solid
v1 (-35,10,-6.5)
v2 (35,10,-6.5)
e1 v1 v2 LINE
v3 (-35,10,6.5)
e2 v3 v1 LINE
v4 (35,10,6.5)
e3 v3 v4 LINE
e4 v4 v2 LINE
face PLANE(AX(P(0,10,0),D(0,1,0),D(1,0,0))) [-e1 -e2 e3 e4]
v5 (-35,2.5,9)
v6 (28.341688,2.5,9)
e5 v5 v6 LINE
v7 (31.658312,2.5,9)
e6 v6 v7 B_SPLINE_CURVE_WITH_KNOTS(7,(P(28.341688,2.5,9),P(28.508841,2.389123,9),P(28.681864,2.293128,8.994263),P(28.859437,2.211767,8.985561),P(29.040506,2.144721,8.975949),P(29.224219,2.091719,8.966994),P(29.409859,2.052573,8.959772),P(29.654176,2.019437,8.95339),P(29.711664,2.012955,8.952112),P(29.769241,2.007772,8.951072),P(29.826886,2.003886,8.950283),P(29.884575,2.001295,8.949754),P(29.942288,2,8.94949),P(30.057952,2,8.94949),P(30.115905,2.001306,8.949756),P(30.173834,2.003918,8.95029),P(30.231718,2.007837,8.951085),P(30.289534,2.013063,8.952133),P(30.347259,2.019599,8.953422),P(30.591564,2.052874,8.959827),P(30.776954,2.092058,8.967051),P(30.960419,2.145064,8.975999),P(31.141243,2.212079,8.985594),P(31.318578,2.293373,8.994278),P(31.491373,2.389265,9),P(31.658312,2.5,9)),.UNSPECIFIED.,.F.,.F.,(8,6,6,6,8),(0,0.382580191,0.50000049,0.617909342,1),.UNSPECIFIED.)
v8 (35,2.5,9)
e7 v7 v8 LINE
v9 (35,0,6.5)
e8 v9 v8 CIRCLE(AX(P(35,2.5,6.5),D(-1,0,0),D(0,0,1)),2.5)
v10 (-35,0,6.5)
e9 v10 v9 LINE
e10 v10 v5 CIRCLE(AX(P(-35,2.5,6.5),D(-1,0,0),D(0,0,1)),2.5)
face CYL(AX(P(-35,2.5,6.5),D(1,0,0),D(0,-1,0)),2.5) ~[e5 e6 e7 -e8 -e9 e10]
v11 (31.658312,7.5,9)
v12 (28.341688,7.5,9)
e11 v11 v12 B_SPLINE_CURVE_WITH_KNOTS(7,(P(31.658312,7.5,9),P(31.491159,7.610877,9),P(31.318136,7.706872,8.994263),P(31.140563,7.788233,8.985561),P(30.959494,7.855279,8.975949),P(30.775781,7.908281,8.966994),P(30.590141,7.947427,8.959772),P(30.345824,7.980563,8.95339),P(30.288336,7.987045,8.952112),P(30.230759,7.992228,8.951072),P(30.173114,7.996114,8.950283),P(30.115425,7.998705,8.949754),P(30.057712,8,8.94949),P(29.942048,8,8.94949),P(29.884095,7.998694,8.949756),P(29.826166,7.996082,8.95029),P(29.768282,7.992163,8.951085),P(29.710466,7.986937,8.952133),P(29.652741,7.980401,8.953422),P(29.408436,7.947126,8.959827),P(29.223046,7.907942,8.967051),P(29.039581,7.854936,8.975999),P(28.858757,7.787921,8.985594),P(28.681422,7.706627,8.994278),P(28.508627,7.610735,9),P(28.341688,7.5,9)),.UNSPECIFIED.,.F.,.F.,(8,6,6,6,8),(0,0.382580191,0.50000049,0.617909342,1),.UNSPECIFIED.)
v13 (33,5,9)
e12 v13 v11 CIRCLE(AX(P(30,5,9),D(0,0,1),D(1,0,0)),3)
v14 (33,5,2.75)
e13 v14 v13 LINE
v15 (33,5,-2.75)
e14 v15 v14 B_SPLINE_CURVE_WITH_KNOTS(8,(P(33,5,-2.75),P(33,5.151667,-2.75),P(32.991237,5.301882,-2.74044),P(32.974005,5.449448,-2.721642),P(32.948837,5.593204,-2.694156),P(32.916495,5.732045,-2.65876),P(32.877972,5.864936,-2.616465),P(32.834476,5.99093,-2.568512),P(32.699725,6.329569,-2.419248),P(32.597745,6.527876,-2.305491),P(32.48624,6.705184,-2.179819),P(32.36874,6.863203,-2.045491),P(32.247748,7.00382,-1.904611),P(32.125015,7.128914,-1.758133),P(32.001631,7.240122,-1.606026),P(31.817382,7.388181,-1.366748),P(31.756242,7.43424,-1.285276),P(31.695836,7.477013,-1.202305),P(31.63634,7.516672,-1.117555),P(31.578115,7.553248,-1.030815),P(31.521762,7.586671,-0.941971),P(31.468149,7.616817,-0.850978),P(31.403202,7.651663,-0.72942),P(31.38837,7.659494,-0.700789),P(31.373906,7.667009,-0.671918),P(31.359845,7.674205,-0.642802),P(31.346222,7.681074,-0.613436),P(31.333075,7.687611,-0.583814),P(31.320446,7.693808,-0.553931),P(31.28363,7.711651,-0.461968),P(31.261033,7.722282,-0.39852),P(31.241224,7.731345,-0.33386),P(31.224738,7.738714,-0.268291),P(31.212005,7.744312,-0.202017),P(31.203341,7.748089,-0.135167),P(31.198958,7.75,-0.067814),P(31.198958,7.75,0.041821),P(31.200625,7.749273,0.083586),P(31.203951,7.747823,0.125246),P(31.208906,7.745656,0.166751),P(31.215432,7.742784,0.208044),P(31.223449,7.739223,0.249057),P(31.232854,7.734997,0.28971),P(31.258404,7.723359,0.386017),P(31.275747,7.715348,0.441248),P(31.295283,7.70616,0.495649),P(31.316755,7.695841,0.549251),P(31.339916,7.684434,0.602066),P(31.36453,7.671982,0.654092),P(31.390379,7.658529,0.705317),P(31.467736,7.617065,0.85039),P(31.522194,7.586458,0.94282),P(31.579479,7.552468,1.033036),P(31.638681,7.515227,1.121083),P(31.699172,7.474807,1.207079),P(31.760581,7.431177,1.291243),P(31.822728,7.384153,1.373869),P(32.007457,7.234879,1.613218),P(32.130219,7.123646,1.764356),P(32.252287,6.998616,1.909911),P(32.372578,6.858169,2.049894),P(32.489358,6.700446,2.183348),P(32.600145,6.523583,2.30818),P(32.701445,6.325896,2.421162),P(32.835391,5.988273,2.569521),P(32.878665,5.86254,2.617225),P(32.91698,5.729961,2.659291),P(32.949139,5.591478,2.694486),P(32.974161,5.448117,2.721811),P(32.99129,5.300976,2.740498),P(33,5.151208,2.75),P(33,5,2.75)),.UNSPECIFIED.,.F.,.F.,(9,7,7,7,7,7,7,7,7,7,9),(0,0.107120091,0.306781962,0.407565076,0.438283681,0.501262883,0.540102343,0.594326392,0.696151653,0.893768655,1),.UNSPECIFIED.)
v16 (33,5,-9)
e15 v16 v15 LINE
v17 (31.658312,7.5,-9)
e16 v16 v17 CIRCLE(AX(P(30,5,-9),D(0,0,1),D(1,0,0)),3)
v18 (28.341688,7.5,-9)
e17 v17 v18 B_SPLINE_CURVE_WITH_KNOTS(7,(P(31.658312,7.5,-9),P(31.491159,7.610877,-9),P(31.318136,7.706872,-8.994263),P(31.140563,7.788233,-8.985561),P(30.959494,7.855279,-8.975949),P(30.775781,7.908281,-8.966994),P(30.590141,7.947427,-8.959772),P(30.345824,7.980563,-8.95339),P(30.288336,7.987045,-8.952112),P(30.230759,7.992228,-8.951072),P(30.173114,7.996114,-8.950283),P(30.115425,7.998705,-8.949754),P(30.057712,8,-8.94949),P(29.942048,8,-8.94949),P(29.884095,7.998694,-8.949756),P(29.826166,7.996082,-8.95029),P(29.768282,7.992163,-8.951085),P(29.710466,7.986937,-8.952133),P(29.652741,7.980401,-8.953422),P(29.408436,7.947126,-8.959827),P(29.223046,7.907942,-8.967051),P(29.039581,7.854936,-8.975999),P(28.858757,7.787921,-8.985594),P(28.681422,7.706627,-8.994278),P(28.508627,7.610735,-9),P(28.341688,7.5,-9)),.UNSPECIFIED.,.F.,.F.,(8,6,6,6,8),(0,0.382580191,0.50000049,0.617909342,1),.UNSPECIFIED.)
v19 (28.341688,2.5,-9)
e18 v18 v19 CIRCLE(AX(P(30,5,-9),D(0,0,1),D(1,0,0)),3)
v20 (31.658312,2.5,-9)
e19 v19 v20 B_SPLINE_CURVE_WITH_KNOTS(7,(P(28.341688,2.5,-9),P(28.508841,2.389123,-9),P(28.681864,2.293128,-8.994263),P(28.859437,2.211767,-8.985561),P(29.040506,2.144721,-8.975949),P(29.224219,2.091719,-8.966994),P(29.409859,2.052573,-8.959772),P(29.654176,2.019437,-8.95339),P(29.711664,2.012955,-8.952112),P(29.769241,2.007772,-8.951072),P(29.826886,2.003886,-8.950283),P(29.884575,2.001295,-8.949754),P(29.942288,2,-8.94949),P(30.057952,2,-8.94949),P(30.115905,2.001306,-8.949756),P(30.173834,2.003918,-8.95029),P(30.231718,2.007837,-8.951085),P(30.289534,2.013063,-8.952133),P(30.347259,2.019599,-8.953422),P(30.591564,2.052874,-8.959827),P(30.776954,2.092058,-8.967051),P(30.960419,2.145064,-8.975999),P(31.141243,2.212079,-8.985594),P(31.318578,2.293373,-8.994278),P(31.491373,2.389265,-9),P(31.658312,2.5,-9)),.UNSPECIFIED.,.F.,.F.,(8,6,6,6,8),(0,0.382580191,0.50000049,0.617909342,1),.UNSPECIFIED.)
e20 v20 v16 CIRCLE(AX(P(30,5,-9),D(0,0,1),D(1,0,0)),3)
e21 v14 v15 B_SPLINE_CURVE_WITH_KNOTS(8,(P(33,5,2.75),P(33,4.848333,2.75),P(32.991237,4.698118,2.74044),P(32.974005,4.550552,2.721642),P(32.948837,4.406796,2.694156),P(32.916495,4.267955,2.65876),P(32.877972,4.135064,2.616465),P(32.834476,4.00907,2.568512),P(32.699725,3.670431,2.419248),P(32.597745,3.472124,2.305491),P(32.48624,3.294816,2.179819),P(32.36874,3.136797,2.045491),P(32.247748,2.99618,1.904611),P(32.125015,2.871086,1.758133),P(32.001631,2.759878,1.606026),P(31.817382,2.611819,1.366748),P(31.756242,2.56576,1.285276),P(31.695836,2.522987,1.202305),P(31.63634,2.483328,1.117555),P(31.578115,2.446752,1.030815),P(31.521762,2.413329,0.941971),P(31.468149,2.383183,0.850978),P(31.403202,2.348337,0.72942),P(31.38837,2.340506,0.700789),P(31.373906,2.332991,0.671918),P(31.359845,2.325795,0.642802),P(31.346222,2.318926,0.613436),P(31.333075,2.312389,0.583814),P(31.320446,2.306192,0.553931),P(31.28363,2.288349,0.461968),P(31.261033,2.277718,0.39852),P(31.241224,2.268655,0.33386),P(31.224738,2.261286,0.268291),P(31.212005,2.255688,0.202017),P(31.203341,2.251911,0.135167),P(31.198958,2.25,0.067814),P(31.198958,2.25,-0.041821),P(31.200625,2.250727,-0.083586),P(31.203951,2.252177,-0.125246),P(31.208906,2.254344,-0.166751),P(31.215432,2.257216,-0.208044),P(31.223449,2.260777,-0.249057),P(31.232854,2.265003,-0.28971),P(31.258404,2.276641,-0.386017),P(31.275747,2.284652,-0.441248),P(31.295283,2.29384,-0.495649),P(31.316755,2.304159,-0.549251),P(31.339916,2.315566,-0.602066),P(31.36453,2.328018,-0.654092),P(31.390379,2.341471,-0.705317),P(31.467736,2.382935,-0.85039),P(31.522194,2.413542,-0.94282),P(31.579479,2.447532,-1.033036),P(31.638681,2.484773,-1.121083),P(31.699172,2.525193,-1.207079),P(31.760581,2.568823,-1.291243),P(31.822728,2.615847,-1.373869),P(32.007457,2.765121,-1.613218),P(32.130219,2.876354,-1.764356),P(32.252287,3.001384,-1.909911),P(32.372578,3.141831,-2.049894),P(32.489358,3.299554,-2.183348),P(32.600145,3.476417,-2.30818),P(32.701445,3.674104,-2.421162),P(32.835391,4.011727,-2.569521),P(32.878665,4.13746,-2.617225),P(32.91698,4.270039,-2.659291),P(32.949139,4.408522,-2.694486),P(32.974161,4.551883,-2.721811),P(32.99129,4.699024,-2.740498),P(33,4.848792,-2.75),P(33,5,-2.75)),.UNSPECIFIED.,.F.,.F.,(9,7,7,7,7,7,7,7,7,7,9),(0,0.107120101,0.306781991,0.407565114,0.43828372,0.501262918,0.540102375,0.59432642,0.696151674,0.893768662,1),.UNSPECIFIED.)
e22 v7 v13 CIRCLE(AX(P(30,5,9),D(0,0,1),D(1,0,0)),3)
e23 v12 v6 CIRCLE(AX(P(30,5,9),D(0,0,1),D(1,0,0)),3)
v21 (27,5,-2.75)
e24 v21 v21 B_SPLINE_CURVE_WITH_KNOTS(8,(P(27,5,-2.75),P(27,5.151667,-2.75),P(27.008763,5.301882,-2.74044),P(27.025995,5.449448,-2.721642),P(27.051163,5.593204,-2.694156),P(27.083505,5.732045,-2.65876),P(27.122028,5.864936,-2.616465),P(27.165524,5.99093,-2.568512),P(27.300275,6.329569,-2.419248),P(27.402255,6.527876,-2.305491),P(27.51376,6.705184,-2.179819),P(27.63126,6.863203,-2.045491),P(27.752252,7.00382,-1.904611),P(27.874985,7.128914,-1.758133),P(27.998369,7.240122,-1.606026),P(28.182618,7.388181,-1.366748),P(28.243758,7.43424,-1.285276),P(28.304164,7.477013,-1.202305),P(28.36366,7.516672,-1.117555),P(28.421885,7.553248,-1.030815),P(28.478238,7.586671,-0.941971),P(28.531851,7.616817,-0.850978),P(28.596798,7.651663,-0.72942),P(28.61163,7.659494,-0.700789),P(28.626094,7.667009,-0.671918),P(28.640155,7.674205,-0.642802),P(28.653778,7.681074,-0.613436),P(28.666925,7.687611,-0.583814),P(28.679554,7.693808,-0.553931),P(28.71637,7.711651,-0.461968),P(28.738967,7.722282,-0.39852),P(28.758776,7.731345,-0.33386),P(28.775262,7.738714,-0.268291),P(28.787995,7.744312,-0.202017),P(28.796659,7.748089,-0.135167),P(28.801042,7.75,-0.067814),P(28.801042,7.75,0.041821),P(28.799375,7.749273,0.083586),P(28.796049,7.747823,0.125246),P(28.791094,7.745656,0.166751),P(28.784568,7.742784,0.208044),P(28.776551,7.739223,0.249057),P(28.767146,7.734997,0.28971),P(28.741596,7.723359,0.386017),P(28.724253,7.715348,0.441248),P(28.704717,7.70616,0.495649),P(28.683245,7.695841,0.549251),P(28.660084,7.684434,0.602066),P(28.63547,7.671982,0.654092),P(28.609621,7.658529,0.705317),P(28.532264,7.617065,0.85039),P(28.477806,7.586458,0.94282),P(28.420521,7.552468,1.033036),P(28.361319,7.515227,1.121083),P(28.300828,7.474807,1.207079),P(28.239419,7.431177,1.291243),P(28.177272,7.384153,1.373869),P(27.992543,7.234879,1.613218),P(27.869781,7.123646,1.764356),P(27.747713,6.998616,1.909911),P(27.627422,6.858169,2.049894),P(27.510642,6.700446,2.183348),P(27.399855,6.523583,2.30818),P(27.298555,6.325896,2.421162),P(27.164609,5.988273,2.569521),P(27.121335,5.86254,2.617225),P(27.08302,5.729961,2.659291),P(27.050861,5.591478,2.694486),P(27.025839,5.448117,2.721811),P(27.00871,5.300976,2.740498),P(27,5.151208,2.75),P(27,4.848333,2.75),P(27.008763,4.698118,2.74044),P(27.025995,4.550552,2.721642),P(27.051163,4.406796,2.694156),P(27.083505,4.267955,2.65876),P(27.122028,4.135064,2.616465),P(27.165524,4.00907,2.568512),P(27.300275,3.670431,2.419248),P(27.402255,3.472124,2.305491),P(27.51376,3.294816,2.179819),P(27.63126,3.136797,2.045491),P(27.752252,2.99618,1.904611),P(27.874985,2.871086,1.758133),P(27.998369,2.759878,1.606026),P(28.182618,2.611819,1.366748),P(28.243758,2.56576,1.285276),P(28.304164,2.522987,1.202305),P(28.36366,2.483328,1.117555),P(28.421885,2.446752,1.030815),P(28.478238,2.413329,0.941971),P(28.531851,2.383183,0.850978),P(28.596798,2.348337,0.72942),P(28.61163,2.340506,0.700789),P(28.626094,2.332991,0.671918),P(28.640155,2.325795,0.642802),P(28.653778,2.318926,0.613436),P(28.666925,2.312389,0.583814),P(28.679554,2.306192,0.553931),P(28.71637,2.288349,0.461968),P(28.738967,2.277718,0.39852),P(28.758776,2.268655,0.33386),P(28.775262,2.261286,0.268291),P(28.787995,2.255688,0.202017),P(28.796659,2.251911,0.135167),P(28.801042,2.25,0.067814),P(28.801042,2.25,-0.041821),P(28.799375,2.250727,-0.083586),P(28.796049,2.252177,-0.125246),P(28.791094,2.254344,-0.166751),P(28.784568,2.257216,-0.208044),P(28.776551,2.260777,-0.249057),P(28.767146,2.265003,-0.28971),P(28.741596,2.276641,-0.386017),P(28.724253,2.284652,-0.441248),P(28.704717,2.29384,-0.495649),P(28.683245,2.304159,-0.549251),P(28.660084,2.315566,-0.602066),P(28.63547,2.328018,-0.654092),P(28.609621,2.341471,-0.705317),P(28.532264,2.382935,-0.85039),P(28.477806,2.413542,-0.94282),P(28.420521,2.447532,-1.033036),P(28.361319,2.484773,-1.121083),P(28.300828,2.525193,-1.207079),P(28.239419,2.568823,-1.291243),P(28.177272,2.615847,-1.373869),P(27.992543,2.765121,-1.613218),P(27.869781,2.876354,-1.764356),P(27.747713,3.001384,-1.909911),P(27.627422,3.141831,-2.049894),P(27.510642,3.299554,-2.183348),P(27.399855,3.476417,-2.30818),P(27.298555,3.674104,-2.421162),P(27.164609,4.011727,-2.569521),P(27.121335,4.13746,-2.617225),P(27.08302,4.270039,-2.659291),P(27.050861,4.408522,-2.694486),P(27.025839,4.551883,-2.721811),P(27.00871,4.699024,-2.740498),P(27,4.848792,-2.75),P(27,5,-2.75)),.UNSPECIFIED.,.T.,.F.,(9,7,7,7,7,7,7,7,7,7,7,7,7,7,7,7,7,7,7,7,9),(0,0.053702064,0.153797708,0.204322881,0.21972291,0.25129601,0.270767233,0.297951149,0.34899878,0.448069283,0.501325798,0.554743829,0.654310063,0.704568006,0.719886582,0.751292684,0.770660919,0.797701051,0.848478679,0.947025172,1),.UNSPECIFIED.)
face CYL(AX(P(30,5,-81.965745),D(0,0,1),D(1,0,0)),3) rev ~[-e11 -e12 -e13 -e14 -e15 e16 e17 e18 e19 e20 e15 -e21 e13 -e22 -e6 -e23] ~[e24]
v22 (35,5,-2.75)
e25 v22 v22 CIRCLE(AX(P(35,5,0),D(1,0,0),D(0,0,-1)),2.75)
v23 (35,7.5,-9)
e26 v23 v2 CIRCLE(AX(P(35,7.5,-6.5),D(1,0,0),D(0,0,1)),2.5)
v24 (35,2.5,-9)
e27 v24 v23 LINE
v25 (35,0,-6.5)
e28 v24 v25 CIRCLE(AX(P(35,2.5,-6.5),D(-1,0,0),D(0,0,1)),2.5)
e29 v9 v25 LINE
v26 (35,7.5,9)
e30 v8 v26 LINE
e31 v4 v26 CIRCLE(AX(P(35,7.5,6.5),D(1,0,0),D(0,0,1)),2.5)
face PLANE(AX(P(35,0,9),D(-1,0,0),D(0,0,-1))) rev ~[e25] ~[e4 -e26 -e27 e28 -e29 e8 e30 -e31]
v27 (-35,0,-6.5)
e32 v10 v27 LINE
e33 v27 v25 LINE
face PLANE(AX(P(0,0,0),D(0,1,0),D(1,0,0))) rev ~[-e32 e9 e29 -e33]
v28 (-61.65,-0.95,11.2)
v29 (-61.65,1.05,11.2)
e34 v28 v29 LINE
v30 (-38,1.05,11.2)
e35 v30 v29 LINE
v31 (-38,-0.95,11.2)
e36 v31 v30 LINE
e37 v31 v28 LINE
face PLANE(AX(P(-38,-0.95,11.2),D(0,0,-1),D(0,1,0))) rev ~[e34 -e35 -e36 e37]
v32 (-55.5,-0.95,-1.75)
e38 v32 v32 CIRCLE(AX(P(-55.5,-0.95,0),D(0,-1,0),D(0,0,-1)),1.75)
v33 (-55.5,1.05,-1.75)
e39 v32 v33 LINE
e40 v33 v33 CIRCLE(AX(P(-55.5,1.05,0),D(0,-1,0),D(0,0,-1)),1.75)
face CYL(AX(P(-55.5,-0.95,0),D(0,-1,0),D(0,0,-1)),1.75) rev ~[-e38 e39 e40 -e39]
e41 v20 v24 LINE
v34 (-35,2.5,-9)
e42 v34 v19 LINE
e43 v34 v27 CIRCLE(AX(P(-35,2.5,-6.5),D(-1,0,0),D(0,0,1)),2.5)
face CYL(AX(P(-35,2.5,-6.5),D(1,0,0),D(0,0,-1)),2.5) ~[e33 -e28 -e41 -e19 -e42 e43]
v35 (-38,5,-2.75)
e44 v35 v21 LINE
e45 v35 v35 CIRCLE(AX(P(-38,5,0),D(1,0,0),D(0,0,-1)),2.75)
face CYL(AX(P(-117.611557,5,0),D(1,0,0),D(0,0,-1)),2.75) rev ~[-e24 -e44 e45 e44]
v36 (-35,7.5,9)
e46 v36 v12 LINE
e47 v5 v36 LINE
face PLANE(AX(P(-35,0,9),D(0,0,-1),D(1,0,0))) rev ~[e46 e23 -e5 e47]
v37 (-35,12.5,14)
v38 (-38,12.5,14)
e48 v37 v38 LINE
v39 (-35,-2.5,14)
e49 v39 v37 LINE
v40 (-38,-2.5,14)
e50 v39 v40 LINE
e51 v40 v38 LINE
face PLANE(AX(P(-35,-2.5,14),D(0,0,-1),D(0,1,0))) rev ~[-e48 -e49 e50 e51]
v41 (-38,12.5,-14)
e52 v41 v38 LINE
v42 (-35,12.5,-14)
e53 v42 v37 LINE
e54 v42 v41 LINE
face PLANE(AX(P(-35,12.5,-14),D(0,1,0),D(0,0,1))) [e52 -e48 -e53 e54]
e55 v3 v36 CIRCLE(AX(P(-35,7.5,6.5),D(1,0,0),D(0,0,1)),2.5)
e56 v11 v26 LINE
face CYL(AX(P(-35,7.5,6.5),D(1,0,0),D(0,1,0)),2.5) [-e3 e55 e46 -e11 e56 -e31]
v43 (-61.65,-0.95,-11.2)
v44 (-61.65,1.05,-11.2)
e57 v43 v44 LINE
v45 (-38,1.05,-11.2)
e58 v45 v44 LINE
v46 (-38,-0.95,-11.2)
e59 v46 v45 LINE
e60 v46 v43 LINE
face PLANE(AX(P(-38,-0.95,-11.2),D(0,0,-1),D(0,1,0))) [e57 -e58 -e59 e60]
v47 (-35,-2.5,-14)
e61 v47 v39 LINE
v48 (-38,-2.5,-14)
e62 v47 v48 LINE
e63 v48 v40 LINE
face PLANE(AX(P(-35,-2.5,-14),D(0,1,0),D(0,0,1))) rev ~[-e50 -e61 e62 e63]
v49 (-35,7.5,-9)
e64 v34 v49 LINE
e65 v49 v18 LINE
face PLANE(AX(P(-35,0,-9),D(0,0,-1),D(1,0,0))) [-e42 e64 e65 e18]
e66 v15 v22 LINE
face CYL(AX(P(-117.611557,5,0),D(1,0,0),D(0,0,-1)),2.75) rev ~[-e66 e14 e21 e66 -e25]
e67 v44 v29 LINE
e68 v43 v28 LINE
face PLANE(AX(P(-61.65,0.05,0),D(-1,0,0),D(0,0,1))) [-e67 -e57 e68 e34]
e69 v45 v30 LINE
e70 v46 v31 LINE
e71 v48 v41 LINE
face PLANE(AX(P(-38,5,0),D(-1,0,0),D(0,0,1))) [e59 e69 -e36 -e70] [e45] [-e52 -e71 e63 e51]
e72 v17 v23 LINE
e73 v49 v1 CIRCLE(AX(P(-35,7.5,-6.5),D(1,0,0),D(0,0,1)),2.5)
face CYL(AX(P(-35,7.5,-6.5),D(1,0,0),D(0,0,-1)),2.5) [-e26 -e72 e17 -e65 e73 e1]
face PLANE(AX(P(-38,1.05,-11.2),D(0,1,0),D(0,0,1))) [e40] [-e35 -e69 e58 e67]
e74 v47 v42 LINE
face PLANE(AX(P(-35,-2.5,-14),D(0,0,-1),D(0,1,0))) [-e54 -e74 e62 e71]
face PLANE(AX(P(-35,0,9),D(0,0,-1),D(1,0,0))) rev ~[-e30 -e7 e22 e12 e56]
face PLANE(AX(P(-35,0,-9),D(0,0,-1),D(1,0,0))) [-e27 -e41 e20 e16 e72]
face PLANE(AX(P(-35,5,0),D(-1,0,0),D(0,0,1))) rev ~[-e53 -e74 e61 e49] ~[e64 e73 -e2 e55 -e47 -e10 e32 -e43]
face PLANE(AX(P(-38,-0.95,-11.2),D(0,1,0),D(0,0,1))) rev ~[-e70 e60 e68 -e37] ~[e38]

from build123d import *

# Parameters (mm, degrees)
SCHIZZO1_W                   = 70
SCHIZZO1_H                   = 18
ESTRUSIONE_ESTRUSIONE1_DEPTH = 10
RACCORDO1_R                  = 2.5
RACCORDO2_R                  = 2.5
RACCORDO3_R                  = 2.5
RACCORDO4_R                  = 2.5
FORO_PER_VITE_5_16_3_D       = 5.999999938
SCHIZZO6_W                   = 28
SCHIZZO6_H                   = 15
ESTRUSIONE_ESTRUSIONE2_DEPTH = 3
FORO_PER_VITE_M4_1_D         = 5.5
SCHIZZO12_W                  = 22.4
SCHIZZO12_H                  = 2
ESTRUSIONE_ESTRUSIONE3_DEPTH = 23.65
SCHIZZO13_R                  = 1.75
TAGLIO_ESTRUSIONE1_DEPTH     = 23.75


with BuildPart() as part:
    # Schizzo1 → Estrusione-Estrusione1 (new body)
    with BuildSketch(Plane(origin=(0, 0, 0), x_dir=(1, 0, 0), z_dir=(0, 1, 0))):
        Rectangle(SCHIZZO1_W, SCHIZZO1_H)
    extrude(amount=ESTRUSIONE_ESTRUSIONE1_DEPTH)

    # Raccordo1
    raccordo1_edges = [part.edges().sort_by_distance(p)[0] for p in [
        (0, 10, -9),
    ]]
    fillet(raccordo1_edges, radius=RACCORDO1_R)

    # Raccordo2
    raccordo2_edges = [part.edges().sort_by_distance(p)[0] for p in [
        (0, 10, 9),
    ]]
    fillet(raccordo2_edges, radius=RACCORDO2_R)

    # Raccordo3
    raccordo3_edges = [part.edges().sort_by_distance(p)[0] for p in [
        (0, 0, -9),
    ]]
    fillet(raccordo3_edges, radius=RACCORDO3_R)

    # Raccordo4
    raccordo4_edges = [part.edges().sort_by_distance(p)[0] for p in [
        (0, 0, 9),
    ]]
    fillet(raccordo4_edges, radius=RACCORDO4_R)

    # Foro per Vite 5/16-3 (through all)
    with Locations(Plane(origin=(30, 5, -9), x_dir=(-1, 0, 0), z_dir=(0, 0, -1))):
        with Locations((0, 0)):
            Hole(FORO_PER_VITE_5_16_3_D / 2)

    # Schizzo6 → Estrusione-Estrusione2 (add)
    with BuildSketch(Plane.ZY.offset(35)):
        with Locations((0, 5)):
            Rectangle(SCHIZZO6_W, SCHIZZO6_H)
    extrude(amount=ESTRUSIONE_ESTRUSIONE2_DEPTH)

    # Foro per Vite M4-1 (through all)
    with Locations(Plane.ZY.offset(38)):
        with Locations((0, 5)):
            Hole(FORO_PER_VITE_M4_1_D / 2)

    # Schizzo12 → Estrusione-Estrusione3 (add)
    with BuildSketch(Plane.ZY.offset(38)):
        with Locations((0, 0.05)):
            Rectangle(SCHIZZO12_W, SCHIZZO12_H)
    extrude(amount=ESTRUSIONE_ESTRUSIONE3_DEPTH)

    # Schizzo13 → Taglio-Estrusione1 (cut)
    with BuildSketch(Plane.XZ.offset(0.95)):
        with Locations(Location((-55.5, 0, 0), (0, 0, 270))):
            Circle(SCHIZZO13_R)
    extrude(amount=-TAGLIO_ESTRUSIONE1_DEPTH, mode=Mode.SUBTRACT)


solid = part.part
